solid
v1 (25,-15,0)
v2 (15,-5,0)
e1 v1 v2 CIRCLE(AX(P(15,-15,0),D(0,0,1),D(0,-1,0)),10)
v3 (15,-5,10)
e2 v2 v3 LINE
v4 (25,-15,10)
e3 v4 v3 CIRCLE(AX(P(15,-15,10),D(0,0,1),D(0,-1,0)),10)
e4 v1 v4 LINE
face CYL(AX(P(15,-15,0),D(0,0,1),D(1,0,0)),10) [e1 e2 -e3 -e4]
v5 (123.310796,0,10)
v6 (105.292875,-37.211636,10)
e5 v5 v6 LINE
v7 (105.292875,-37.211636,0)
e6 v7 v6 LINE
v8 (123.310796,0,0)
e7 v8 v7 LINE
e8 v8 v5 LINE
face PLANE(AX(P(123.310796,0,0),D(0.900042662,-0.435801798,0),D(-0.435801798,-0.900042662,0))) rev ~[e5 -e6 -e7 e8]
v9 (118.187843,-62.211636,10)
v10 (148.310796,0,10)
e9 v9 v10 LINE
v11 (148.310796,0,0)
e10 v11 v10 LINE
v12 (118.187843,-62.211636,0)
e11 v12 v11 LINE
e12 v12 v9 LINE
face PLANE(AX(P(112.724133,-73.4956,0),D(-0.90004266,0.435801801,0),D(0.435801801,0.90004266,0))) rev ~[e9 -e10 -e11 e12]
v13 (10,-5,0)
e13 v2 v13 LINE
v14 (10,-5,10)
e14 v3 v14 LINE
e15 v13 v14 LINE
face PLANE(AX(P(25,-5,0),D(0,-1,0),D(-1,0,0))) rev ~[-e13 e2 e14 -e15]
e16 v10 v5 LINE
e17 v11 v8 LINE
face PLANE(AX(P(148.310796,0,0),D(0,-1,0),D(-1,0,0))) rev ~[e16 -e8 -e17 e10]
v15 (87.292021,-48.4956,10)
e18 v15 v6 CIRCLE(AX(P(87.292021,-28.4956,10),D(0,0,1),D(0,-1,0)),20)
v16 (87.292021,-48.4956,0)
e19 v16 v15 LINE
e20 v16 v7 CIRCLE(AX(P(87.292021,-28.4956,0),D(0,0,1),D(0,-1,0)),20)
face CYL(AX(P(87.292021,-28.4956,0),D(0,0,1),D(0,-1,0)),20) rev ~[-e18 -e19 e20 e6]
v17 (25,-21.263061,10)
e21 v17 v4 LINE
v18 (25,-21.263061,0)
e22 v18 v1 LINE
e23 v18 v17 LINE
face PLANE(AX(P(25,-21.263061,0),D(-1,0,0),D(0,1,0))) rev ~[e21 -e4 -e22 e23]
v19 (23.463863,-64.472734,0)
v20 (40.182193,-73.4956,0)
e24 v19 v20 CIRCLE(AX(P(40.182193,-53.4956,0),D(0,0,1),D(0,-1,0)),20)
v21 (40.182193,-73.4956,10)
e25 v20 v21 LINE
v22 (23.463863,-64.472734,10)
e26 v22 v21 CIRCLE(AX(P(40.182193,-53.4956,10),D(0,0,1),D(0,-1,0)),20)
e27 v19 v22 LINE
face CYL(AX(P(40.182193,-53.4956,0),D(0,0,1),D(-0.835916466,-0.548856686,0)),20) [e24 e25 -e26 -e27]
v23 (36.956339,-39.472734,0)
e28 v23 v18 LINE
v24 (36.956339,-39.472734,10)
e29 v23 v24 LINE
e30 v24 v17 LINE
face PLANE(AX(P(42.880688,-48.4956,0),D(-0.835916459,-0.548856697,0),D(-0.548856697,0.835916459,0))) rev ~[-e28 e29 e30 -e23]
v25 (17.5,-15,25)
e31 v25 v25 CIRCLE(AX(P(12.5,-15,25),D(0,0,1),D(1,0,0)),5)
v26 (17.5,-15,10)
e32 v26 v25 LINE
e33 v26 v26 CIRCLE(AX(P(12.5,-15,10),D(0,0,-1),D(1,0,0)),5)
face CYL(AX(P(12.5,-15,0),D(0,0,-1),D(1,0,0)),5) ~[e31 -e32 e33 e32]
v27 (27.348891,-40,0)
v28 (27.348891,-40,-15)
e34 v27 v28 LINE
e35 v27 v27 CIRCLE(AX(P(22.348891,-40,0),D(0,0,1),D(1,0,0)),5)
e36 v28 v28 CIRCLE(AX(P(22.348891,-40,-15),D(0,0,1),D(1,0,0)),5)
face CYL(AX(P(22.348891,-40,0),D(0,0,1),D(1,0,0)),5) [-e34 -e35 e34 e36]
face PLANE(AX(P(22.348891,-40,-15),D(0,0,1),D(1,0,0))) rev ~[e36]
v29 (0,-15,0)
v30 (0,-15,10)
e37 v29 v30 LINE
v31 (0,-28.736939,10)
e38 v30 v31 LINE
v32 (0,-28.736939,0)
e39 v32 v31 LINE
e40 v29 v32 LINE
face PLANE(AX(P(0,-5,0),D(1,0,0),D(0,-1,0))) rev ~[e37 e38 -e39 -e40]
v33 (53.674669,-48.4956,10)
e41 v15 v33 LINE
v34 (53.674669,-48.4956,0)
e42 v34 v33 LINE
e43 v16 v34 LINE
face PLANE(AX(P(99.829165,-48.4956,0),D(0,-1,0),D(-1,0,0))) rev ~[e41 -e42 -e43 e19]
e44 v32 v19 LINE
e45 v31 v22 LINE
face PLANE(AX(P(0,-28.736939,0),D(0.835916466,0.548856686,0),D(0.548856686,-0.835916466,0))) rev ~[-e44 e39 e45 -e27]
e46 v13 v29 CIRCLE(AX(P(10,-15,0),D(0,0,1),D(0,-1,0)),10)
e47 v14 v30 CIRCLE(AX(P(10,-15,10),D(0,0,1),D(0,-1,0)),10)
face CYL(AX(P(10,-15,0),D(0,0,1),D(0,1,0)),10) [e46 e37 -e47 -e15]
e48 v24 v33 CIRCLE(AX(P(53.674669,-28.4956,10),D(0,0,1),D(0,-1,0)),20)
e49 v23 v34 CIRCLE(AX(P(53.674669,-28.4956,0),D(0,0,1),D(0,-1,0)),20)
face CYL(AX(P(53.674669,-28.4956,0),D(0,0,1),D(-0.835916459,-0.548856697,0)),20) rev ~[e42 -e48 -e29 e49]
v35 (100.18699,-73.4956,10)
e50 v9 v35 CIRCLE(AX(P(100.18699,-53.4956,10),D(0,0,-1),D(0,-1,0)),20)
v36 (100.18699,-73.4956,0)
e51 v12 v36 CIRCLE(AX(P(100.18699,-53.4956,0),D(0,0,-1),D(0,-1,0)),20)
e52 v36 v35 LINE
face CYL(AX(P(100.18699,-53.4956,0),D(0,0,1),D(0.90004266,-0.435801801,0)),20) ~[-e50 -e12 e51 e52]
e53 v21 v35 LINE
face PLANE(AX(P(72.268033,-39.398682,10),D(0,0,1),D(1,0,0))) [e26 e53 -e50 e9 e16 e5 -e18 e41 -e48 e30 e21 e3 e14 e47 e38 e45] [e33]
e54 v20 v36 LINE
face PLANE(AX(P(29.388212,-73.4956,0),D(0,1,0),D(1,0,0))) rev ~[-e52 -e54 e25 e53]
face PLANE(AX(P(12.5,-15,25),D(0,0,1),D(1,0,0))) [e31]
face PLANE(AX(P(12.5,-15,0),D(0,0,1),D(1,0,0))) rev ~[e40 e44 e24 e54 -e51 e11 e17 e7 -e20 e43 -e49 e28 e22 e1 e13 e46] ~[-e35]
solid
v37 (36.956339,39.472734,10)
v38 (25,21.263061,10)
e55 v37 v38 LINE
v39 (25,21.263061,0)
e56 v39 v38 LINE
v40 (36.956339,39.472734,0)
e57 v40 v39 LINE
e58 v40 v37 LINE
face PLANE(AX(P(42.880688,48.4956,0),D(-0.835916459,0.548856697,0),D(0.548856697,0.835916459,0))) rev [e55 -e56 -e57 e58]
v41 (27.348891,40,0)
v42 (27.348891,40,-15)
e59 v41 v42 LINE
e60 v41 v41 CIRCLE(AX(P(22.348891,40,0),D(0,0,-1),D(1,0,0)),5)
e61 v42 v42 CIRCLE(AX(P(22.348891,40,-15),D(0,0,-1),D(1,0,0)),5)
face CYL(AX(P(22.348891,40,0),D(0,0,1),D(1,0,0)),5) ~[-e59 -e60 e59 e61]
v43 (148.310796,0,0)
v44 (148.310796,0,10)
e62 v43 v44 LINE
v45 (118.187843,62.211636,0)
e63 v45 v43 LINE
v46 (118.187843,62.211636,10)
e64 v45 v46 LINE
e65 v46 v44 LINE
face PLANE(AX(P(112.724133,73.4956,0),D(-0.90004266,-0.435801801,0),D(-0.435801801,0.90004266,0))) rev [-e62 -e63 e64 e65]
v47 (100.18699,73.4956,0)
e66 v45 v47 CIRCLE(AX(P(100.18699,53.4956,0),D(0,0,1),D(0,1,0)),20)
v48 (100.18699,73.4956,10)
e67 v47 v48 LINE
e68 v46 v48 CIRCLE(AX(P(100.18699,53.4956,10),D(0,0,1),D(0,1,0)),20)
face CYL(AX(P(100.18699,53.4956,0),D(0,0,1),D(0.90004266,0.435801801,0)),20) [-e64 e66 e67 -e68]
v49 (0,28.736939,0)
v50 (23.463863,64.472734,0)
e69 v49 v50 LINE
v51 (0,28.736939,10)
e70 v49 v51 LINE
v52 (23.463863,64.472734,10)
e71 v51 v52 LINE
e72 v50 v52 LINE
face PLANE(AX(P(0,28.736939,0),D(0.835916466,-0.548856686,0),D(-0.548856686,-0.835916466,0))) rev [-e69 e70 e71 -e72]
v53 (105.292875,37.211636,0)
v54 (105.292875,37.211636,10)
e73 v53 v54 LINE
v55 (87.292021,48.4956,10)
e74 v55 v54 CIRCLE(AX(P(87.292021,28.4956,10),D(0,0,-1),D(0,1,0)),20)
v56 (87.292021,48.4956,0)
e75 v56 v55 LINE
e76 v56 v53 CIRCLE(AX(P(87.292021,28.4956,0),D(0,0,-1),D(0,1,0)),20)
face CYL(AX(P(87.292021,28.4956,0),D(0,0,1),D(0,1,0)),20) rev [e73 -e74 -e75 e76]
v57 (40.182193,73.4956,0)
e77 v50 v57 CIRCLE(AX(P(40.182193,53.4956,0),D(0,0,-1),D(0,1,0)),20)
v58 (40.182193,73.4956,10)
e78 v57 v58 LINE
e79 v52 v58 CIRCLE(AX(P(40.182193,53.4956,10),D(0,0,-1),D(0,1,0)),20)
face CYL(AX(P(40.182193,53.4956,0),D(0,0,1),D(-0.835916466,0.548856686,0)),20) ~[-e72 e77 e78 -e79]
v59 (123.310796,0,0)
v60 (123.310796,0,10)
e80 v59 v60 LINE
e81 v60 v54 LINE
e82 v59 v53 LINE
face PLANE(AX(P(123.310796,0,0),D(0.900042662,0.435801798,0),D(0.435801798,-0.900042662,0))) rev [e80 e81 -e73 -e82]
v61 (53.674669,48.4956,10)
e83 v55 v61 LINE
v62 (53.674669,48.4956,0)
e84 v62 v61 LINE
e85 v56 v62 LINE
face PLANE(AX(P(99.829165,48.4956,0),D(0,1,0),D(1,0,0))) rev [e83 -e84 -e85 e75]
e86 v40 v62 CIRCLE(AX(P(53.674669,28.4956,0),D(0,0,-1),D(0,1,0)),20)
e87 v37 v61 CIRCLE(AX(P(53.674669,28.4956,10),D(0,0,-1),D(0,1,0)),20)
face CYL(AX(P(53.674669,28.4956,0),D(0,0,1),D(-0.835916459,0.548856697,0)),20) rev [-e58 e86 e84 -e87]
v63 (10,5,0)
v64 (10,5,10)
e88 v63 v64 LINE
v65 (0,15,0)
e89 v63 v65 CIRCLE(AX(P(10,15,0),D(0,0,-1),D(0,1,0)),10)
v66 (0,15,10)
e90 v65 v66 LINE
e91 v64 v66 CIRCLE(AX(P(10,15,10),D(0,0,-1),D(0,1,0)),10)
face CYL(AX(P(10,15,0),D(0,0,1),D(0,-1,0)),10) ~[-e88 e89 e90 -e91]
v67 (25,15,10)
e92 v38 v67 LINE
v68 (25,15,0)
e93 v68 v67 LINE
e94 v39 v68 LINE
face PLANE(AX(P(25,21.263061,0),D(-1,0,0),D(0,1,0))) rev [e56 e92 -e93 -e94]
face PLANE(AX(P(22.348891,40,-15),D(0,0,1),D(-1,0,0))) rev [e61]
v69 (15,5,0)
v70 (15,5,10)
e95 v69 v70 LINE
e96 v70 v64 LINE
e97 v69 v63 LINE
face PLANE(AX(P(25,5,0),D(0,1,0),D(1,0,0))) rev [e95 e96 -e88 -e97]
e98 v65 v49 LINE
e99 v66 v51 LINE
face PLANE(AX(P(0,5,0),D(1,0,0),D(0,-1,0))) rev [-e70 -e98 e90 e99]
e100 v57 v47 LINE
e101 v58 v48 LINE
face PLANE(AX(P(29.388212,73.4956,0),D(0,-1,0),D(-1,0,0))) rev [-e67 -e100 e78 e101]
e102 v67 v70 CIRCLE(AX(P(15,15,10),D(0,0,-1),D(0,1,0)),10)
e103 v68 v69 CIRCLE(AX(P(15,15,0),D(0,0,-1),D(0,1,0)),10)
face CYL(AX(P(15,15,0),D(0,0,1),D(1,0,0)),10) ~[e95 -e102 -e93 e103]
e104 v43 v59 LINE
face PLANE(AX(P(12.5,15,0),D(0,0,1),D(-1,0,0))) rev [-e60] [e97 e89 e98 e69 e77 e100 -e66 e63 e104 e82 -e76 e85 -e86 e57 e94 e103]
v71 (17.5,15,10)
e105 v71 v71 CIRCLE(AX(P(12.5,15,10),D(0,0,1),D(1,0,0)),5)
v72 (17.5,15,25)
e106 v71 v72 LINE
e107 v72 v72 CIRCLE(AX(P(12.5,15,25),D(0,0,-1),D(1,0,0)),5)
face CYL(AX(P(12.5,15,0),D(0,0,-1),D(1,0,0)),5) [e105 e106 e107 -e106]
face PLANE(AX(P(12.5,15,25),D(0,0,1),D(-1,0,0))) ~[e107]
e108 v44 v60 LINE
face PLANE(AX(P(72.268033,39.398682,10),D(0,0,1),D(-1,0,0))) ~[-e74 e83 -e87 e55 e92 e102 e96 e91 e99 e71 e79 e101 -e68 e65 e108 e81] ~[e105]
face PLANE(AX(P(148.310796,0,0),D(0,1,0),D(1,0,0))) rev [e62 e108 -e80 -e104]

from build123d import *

# Parameters (mm, degrees)
F0_R     = 5
F1_DEPTH = 10
F2_DEPTH = 15
F3_DEPTH = 25
F9_R     = 10
F10_R    = 20


with BuildPart() as f1:
    # F0 (on Top) → F1 (new body)
    with BuildSketch(Plane.XY):
        Polygon((99.829165, -48.4956), (42.880688, -48.4956), (25, -21.263061), (25, -5), (0, -5), (0, -28.736939), (29.388212, -73.4956), (112.724133, -73.4956), (148.310796, 0), (123.310796, 0), align=None)
        with Locations((22.348891, -40)):
            Circle(F0_R, mode=Mode.SUBTRACT)
        with Locations((12.5, -15)):
            Circle(F0_R, mode=Mode.SUBTRACT)
        with Locations((22.348891, -40)):
            Circle(F0_R)
        with Locations((12.5, -15)):
            Circle(F0_R)
    extrude(amount=F1_DEPTH)

    # F0 (on Top) → F2 (join)
    with BuildSketch(Plane.XY):
        with Locations((22.348891, -40)):
            Circle(F0_R)
    extrude(amount=-F2_DEPTH)

    # F0 (on Top) → F3 (join)
    with BuildSketch(Plane.XY):
        with Locations((12.5, -15)):
            Circle(F0_R)
    extrude(amount=F3_DEPTH)

    # F9
    f9_edges = [f1.edges().sort_by_distance(p)[0] for p in [
        (0, -5, 5),
        (25, -5, 5),
    ]]
    fillet(f9_edges, radius=F9_R)

    # F10
    f10_edges = [f1.edges().sort_by_distance(p)[0] for p in [
        (42.880688, -48.4956, 5),
        (99.829165, -48.4956, 5),
        (29.388212, -73.4956, 5),
        (112.724133, -73.4956, 5),
    ]]
    fillet(f10_edges, radius=F10_R)


with BuildPart() as f4_1:
    # F4: copy of F1
    add(f1.part)


with BuildPart() as f6_1:
    # F6: instance of F1
    add(f1.part.mirror(Plane.XZ))


with BuildPart() as f7_1:
    # F7: copy of F6_1
    add(f6_1.part)


solid = Compound([f1.part, f6_1.part])
